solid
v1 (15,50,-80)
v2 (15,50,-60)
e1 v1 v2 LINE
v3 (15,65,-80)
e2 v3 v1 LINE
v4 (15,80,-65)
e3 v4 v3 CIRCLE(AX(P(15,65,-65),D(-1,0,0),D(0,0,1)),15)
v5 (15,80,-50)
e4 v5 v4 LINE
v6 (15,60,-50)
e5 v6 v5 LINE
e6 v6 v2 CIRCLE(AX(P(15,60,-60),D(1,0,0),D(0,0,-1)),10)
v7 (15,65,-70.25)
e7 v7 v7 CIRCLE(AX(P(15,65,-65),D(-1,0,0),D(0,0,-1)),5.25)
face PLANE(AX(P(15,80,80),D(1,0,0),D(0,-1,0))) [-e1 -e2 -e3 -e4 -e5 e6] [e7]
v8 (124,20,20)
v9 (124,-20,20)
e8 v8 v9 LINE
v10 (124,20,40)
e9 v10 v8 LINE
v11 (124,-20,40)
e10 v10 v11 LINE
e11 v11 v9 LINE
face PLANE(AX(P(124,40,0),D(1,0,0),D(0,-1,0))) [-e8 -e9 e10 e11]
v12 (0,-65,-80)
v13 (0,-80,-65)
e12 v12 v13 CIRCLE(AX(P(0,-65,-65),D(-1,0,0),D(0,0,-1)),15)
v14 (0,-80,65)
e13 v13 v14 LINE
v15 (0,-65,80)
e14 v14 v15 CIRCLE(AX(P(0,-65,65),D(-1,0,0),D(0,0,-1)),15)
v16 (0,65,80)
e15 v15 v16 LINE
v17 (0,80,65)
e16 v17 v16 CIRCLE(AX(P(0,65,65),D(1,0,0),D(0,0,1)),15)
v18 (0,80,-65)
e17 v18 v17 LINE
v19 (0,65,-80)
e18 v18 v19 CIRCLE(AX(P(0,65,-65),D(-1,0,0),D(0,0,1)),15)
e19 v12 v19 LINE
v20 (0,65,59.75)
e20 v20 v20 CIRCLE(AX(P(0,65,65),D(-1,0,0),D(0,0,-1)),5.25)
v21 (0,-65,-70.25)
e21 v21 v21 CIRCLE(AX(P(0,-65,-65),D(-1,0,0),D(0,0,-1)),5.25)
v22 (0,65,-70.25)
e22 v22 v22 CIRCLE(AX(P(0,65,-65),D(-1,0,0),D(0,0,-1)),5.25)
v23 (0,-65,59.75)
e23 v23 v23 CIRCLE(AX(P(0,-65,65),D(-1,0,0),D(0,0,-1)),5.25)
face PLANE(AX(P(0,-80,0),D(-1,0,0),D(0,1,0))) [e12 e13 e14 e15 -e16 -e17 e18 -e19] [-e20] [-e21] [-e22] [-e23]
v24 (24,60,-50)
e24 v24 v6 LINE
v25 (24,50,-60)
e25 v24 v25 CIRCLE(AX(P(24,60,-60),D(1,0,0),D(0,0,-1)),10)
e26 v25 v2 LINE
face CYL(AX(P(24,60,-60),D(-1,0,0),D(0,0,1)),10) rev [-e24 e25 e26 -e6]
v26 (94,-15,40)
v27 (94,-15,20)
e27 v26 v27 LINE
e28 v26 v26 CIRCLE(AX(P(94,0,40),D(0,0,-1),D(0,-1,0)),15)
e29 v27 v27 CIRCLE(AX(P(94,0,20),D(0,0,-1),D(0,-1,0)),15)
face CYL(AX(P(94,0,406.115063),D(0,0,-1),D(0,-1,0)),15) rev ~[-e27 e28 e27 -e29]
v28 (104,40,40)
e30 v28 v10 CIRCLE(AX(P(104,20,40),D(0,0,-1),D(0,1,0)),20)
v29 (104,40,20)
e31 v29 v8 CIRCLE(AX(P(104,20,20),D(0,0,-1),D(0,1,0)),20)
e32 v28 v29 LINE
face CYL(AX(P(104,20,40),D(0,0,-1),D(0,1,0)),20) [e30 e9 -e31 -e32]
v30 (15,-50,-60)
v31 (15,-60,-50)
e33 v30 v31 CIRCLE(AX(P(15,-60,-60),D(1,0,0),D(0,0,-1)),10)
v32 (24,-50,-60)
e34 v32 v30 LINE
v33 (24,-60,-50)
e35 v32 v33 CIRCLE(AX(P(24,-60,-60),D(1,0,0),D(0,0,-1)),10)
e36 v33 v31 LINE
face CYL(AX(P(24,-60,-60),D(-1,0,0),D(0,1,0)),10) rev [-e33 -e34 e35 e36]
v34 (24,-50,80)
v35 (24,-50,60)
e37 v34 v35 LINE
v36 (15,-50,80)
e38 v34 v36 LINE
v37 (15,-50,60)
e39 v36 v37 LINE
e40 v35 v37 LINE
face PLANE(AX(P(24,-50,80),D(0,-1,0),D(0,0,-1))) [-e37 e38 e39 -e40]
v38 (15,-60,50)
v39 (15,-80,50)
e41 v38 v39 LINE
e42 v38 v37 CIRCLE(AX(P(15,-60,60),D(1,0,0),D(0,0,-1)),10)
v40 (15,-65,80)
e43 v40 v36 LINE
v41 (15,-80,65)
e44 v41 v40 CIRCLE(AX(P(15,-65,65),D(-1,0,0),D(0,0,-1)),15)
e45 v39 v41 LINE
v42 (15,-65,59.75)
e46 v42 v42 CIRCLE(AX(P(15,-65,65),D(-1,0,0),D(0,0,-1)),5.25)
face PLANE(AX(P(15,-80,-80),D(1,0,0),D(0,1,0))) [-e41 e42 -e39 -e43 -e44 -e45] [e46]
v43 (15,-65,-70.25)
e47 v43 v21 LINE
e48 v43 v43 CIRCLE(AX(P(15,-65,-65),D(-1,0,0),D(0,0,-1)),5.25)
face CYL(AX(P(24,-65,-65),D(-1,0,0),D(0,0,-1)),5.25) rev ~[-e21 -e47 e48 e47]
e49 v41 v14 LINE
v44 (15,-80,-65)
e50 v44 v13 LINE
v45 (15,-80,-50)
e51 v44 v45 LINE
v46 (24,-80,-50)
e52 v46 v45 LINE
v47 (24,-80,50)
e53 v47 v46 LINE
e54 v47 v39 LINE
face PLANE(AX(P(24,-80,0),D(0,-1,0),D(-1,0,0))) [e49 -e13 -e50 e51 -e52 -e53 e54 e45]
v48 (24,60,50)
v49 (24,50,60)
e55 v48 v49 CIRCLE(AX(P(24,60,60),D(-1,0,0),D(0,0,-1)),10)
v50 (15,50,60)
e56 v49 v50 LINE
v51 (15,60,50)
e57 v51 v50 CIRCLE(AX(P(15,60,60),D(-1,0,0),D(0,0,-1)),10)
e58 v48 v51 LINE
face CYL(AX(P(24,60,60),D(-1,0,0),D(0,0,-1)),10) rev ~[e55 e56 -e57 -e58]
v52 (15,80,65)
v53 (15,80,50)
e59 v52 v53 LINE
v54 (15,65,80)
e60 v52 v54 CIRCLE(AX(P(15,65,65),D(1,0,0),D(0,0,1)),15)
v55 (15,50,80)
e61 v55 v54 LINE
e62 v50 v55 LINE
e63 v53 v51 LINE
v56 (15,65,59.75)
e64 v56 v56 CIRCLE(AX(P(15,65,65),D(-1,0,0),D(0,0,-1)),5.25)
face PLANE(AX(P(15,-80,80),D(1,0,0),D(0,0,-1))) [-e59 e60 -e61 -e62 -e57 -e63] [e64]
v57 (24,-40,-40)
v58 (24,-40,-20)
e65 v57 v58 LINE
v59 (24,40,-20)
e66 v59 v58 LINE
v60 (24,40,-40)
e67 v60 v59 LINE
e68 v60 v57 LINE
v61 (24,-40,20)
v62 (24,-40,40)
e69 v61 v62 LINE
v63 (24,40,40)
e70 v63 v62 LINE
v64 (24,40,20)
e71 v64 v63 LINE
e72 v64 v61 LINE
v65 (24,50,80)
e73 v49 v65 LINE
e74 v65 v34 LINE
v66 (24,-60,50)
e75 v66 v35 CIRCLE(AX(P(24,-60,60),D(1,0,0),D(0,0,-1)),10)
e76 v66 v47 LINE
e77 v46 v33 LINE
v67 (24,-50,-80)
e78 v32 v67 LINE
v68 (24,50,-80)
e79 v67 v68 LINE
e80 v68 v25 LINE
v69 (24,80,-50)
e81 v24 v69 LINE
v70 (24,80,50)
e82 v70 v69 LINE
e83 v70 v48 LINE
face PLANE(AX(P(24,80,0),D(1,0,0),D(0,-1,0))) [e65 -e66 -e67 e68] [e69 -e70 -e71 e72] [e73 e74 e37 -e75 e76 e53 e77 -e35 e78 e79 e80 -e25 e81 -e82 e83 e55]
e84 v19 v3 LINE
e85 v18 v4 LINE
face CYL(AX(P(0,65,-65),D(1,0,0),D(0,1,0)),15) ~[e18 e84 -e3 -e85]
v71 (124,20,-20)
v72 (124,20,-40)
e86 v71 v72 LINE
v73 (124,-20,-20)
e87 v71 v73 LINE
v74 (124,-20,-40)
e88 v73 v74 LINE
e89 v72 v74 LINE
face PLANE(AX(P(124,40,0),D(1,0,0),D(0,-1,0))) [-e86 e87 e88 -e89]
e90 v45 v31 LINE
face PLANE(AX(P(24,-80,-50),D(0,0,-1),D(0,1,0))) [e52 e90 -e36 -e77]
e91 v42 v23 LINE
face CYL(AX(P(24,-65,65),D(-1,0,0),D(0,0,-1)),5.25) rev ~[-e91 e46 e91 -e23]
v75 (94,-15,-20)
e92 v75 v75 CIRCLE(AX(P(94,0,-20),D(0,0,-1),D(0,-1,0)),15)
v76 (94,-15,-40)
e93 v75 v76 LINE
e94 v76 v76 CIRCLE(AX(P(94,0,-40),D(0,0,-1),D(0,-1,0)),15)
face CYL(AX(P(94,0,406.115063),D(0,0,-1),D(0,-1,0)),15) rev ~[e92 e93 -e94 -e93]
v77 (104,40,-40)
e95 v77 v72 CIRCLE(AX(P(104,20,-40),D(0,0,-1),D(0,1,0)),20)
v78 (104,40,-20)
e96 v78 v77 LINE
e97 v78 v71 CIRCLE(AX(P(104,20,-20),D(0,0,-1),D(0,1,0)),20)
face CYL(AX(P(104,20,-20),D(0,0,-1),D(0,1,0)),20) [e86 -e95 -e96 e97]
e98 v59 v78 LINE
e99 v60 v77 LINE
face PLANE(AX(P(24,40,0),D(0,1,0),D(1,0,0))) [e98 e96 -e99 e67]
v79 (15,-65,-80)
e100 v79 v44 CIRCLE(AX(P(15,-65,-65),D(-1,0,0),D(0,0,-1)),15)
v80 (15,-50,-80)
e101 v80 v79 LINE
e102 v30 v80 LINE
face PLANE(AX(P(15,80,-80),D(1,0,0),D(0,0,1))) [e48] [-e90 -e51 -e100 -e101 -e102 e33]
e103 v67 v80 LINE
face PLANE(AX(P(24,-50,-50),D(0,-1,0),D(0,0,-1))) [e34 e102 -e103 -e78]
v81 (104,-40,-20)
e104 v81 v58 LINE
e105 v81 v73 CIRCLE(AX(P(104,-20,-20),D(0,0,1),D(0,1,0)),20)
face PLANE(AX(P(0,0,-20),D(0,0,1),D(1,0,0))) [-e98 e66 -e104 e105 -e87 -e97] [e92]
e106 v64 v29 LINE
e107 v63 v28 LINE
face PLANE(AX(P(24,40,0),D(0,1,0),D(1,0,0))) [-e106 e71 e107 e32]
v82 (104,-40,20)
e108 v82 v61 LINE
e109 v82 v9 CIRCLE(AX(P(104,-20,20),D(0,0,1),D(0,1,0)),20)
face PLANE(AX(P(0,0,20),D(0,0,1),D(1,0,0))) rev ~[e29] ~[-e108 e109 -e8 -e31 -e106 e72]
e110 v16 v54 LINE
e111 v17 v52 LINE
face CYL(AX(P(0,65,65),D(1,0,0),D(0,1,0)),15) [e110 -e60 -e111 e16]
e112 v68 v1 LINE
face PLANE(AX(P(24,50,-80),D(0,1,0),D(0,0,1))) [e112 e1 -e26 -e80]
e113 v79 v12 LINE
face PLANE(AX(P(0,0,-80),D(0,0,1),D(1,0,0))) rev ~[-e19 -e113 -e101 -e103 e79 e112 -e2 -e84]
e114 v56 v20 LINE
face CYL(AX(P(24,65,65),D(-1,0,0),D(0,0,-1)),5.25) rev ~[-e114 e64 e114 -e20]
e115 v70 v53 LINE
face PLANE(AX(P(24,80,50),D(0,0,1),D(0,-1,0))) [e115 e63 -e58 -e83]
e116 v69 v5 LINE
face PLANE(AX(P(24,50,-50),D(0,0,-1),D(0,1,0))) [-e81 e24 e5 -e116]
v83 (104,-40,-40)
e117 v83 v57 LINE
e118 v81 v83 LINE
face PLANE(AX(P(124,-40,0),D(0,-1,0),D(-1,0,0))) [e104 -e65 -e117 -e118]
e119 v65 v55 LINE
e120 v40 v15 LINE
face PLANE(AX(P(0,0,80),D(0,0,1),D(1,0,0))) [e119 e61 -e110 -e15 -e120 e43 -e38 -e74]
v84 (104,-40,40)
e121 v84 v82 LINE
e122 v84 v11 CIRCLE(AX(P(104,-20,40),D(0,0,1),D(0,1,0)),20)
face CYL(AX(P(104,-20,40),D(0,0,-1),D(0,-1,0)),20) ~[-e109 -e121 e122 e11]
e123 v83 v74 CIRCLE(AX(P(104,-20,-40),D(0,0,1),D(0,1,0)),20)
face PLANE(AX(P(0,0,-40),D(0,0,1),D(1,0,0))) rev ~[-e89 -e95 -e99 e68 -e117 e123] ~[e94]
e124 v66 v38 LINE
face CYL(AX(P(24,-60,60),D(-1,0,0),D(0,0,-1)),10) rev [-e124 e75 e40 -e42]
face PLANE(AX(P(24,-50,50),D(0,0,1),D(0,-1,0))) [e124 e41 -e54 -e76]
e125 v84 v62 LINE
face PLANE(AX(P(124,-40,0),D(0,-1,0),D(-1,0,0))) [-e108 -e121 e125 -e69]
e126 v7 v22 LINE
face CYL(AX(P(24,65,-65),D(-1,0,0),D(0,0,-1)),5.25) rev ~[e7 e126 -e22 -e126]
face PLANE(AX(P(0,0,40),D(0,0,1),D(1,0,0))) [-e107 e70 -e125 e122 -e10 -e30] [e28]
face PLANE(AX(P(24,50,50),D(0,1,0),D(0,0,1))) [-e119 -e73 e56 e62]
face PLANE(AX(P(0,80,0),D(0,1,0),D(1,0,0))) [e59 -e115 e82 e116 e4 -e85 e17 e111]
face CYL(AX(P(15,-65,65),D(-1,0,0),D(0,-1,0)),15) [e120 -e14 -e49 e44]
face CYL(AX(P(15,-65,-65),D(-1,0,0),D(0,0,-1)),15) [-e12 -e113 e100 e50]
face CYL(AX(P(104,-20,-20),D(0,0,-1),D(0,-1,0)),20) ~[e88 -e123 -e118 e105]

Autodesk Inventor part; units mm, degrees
ref_plane "YZ Plane" through (0, 0, 0) normal (1, 0, 0) x (0, 1, 0)
ref_plane "XZ Plane" through (0, 0, 0) normal (0, 1, 0) x (-1, 0, 0)
ref_plane "XY Plane" through (0, 0, 0) normal (0, 0, 1) x (1, 0, 0)
sketch "Skizze1" plane through (0, 0, 0) normal (0, 0, 1) x (1, 0, 0)
  line L0 (0, 80) -> (24, 80)
  line L1 (24, 80) -> (24, -80)
  line L2 (24, -80) -> (0, -80)
  line L3 (0, -80) -> (0, 80)
  line L4 (24, 40) -> (124, 40)
  line L5 (124, 40) -> (124, -40)
  line L6 (124, -40) -> (24, -40)
  line L7 (24, -40) -> (24, 40)
  point P0 (0, 0)
  point P1 (24, 0)
  point P2 (0, 0)
  point P3 (94, 0)
  point P4 (124, 0)
  dimension "d0" = 160
  dimension "d1" = 24
  dimension "d2" = 124
  dimension "d3" = 80
  dimension "d4" = 94
extrude "Extrusion1" add sketch "Skizze1" along normal mid plane 160 contours L0 L1 L2 L3
extrude "Extrusion2" add sketch "Skizze1" along normal mid plane 80 contours L4 L5 L6 L1
extrude "Extrusion3" cut sketch "Skizze1" along normal mid plane 40 contours L4 L5 L6 L1
fillet "Rundung1" radius 20 4 edges at (124, 40, 30) (124, 40, -30) (124, -40, -30) (124, -40, 30)
hole "Bohrung1" at (94, 0, 0) direction (0, 0, -1) diameter 30 end through all both
sketch "Skizze2" plane through (24, -80, 80) normal (1, 0, 0) x (0, 0, -1)
  line L0 (0, 160) -> (30, 160)
  line L1 (30, 160) -> (30, 130)
  line L2 (30, 130) -> (0, 130)
  line L3 (0, 130) -> (0, 160)
  point P0 (80, 80)
  dimension "d19" = 30
  dimension "d20" = 30
extrude "Extrusion4" cut sketch "Skizze2" against normal blind 9
pattern_circular "Runde Anordnung1" count 4 over 360 about axis through (-10, 0, 0) along (1, 0, 0) of "Extrusion4"
sketch "Skizze3" plane through (24, 50, 50) normal (1, 0, 0) x (0, 0, -1)
  line L0 (-15, 15) -> (115, 15)
  line L1 (115, 15) -> (115, -115)
  line L2 (115, -115) -> (-15, -115)
  line L3 (-15, -115) -> (-15, 15)
  line L4 (-15, 15) -> (115, -115) construction
  line L5 (115, 15) -> (-15, -115) construction
  point P0 (50, -50)
  dimension "d26" = 130
  dimension "d27" = 130
hole "Bohrung2" at (24, 65, 65) at (24, -65, 65) at (24, 65, -65) at (24, -65, -65) direction (-1, 0, 0) diameter 10.5 end through all
fillet "Rundung2" radius 15 4 edges at (7.5, 80, -80) (7.5, -80, -80) (7.5, -80, 80) (7.5, 80, 80)
fillet "Rundung3" radius 10 4 edges at (19.5, -50, 50) (19.5, -50, -50) (19.5, 50, -50) (19.5, 50, 50)
equation "\"d5\" = d0"
properties part number "Befestigungsflansch" material "Stahl AISI 4130"
